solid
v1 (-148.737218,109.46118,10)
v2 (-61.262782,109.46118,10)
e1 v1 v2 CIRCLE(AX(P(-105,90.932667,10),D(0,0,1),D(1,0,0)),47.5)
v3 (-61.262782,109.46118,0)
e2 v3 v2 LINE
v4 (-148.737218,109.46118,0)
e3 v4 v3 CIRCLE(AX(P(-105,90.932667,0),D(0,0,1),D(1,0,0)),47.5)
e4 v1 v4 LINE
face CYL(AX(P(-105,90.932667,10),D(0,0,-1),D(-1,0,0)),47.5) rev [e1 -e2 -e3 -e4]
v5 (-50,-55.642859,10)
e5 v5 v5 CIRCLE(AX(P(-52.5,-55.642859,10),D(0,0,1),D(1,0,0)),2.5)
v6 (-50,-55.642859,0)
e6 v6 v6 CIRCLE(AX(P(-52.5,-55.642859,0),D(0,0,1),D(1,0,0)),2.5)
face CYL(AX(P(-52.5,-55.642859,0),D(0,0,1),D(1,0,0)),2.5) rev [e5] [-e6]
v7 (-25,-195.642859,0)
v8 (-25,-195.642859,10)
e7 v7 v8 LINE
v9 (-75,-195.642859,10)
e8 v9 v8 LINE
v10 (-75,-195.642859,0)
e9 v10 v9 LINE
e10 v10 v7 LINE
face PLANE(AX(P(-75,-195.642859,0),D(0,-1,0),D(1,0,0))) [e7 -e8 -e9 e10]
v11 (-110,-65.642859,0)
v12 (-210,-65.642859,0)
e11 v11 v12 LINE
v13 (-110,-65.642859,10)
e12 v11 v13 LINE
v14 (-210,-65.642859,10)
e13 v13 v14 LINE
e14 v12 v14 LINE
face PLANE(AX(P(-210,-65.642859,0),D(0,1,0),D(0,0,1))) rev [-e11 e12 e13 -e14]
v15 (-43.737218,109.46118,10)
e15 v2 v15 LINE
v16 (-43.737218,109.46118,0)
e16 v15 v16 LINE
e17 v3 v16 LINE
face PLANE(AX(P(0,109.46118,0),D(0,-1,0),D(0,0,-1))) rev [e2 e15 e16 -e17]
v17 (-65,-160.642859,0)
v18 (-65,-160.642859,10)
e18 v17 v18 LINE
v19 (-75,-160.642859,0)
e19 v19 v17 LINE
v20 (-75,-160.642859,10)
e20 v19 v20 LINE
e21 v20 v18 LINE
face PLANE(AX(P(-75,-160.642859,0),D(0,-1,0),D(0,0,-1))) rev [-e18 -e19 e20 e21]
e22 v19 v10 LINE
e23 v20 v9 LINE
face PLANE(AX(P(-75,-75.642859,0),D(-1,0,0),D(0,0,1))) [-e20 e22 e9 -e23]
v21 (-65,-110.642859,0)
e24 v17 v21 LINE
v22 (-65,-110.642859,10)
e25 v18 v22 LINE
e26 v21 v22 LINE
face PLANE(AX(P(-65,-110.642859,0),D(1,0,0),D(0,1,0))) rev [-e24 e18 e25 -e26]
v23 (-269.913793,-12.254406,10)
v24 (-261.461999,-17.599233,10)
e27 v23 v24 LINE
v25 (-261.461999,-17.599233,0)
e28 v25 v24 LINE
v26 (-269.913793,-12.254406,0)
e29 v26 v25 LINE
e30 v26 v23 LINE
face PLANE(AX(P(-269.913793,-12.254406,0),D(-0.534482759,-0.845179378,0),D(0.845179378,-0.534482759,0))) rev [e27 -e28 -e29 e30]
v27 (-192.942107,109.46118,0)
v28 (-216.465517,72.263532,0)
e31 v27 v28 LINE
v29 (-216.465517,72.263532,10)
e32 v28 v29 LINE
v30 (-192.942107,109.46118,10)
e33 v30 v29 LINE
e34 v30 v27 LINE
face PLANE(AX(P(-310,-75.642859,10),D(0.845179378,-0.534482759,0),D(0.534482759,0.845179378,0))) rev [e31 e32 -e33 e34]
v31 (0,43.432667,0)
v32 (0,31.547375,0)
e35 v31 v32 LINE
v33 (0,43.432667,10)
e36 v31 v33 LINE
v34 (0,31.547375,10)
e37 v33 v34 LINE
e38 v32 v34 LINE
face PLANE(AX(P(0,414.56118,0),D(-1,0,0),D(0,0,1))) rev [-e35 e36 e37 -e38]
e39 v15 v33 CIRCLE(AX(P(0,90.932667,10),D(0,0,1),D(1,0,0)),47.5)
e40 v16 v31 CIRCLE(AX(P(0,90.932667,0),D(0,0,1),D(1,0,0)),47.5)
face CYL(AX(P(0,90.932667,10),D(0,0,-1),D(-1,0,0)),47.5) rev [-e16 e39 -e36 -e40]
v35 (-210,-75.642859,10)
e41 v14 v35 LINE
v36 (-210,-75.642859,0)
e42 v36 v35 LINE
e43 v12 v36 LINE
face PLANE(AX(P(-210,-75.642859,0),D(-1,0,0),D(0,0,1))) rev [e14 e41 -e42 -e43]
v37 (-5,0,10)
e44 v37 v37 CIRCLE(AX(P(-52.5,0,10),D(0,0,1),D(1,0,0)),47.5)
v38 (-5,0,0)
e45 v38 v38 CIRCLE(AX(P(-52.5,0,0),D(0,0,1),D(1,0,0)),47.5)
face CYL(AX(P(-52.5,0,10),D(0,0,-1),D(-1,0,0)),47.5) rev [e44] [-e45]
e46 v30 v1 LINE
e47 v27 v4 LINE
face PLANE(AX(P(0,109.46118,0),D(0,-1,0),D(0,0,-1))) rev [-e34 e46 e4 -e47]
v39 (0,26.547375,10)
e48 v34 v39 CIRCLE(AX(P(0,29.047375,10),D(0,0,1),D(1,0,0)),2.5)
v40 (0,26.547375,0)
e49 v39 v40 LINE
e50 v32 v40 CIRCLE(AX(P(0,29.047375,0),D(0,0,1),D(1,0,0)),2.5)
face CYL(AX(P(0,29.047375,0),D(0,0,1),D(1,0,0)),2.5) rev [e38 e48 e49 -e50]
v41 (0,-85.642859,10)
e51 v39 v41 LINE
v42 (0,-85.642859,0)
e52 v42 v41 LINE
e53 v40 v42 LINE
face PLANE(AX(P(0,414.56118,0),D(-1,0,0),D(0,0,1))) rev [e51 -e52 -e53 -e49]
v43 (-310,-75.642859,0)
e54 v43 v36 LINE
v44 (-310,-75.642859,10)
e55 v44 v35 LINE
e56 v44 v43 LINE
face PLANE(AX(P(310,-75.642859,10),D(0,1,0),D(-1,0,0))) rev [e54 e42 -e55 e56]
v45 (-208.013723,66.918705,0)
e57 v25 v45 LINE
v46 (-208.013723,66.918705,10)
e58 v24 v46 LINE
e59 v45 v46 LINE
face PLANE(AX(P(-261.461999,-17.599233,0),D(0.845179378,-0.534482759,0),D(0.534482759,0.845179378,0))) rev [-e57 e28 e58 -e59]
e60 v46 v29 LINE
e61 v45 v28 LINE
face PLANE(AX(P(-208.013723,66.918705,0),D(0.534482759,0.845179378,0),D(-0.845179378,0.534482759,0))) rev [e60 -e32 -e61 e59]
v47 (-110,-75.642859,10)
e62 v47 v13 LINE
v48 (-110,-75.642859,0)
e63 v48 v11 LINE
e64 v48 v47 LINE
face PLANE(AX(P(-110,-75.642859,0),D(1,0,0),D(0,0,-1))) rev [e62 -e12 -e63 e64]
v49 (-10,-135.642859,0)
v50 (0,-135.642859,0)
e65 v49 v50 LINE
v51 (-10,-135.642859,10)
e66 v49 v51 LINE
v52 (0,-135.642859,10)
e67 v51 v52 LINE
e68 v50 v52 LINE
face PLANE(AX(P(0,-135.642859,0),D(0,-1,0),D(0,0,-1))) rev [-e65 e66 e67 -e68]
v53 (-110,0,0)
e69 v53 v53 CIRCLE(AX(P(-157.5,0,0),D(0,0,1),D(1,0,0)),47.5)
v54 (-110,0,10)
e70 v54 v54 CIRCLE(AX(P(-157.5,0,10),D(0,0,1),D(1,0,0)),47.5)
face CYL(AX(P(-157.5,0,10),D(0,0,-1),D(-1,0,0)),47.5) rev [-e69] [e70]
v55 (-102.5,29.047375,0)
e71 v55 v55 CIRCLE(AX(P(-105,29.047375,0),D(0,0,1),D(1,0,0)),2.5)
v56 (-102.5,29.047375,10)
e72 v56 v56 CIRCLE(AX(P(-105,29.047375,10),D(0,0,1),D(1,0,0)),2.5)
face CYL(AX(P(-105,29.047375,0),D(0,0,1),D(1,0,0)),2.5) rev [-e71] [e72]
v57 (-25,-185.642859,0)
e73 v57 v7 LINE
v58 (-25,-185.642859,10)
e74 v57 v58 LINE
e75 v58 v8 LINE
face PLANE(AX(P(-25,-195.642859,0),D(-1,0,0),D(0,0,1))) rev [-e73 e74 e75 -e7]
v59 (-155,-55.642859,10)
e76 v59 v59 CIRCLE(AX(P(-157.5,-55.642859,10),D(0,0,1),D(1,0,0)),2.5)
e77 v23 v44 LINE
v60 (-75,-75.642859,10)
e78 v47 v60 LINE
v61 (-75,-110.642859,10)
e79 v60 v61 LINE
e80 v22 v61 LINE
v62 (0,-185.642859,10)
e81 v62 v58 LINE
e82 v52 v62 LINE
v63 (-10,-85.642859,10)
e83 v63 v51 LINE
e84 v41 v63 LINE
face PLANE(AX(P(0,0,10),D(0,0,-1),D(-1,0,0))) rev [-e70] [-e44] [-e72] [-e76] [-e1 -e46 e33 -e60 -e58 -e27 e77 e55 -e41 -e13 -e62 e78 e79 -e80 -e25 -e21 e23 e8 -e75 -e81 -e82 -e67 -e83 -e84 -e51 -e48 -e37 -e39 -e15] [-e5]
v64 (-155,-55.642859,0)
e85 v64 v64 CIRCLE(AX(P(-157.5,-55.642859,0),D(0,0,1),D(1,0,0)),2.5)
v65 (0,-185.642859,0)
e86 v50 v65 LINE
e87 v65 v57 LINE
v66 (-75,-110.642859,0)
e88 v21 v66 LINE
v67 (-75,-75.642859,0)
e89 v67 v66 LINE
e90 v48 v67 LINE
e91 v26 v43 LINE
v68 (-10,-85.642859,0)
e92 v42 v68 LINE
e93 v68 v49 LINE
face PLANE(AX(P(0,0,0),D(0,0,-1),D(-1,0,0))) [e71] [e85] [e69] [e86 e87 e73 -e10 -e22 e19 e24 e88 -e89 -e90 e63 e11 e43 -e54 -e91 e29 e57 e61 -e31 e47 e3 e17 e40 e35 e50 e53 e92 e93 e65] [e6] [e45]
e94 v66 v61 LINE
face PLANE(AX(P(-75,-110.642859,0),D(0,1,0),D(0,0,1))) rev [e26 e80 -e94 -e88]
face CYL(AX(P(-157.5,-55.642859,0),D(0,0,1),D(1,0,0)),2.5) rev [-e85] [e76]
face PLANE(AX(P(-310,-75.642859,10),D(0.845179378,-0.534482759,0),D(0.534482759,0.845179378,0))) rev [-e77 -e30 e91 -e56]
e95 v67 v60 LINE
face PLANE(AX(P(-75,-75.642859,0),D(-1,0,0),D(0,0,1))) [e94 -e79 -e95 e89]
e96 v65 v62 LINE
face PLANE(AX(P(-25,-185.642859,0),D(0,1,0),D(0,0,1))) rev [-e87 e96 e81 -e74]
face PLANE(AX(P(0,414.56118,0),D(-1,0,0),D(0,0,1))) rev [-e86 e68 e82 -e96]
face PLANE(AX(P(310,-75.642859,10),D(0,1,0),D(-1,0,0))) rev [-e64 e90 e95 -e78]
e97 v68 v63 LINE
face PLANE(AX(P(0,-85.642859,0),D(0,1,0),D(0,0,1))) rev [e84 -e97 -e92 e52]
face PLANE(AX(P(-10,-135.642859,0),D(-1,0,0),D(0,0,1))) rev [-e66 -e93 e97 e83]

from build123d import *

# Parameters (mm, degrees)
ESQUISSE1_R             = 47.5
BOSS_EXTRU_1_DEPTH      = 10
ESQUISSE3_W             = 100
ESQUISSE3_H             = 10
ENL_V_MAT_EXTRU_1_DEPTH = 11
ESQUISSE4_R             = 2.5
ENL_V_MAT_EXTRU_2_DEPTH = 11
ESQUISSE6_W             = 150
ESQUISSE6_H             = 120
BOSS_EXTRU_2_DEPTH      = 10
ESQUISSE7_W             = 10
ESQUISSE7_H             = 50
ESQUISSE7_W_2           = 50
ESQUISSE7_H_2           = 10
ENL_V_MAT_EXTRU_3_DEPTH = 10
ESQUISSE9_W             = 316.248151929
ESQUISSE9_H             = 610.204039151
ENL_V_MAT_EXTRU_4_DEPTH = 10
ESQUISSE10_W            = 334.898216685
ESQUISSE10_H            = 314.009507296
ENL_V_MAT_EXTRU_6_DEPTH = 10
ESQUISSE11_W            = 10
ESQUISSE11_H            = 50
ENL_V_MAT_EXTRU_7_DEPTH = 10


with BuildPart() as part:
    # Esquisse1 → Boss.-Extru.1 (new body)
    with BuildSketch(Plane.XY):
        Polygon((-310, -75.642859016), (0, 414.561180135), (310, -75.642859016), align=None)
        with Locations((-157.5, 0)):
            Circle(ESQUISSE1_R, mode=Mode.SUBTRACT)
        with Locations((-52.5, 0)):
            Circle(ESQUISSE1_R, mode=Mode.SUBTRACT)
        with Locations((52.5, 0)):
            Circle(ESQUISSE1_R, mode=Mode.SUBTRACT)
        with Locations((157.5, 0)):
            Circle(ESQUISSE1_R, mode=Mode.SUBTRACT)
        with Locations((-105, 90.932667397)):
            Circle(ESQUISSE1_R, mode=Mode.SUBTRACT)
        with Locations((0, 90.932667397)):
            Circle(ESQUISSE1_R, mode=Mode.SUBTRACT)
        with Locations((105, 90.932667397)):
            Circle(ESQUISSE1_R, mode=Mode.SUBTRACT)
        with Locations((-52.5, 181.865334795)):
            Circle(ESQUISSE1_R, mode=Mode.SUBTRACT)
        with Locations((52.5, 181.865334795)):
            Circle(ESQUISSE1_R, mode=Mode.SUBTRACT)
        with Locations((0, 272.798002192)):
            Circle(ESQUISSE1_R, mode=Mode.SUBTRACT)
    extrude(amount=BOSS_EXTRU_1_DEPTH)

    # Esquisse3 → Enlèv. mat.-Extru.1 (cut, through all)
    with BuildSketch(Plane.XY.offset(10)):
        Polygon((-269.913793103, -12.254405678), (-261.461999325, -17.599233264), (-208.013723463, 66.918704521), (-216.465517241, 72.263532107), align=None)
        Polygon((-181.724137931, 127.200191667), (-173.272344153, 121.855364081), (-119.82406829, 206.373301865), (-128.275862069, 211.718129452), align=None)
        Polygon((-93.534482759, 266.654789012), (-85.08268898, 261.309961425), (-31.634413118, 345.82789921), (-40.086206897, 351.172726796), align=None)
        Polygon((269.913793103, -12.254405678), (261.461999325, -17.599233264), (208.013723463, 66.918704521), (216.465517241, 72.263532107), align=None)
        Polygon((181.724137931, 127.200191667), (173.272344153, 121.855364081), (119.82406829, 206.373301865), (128.275862069, 211.718129452), align=None)
        Polygon((93.534482759, 266.654789012), (85.08268898, 261.309961425), (31.634413118, 345.82789921), (40.086206897, 351.172726796), align=None)
        with Locations((-160, -70.642859016)):
            Rectangle(ESQUISSE3_W, ESQUISSE3_H)
        with Locations((160, -70.642859016)):
            Rectangle(ESQUISSE3_W, ESQUISSE3_H)
    extrude(amount=-ENL_V_MAT_EXTRU_1_DEPTH, mode=Mode.SUBTRACT)

    # Esquisse4 → Enlèv. mat.-Extru.2 (cut, through all)
    with BuildSketch(Plane.XY.offset(10)):
        with Locations((-157.5, -55.642859016)):
            Circle(ESQUISSE4_R)
        with Locations((-52.5, -55.642859016)):
            Circle(ESQUISSE4_R)
        with Locations((52.5, -55.642859016)):
            Circle(ESQUISSE4_R)
        with Locations((157.5, -55.642859016)):
            Circle(ESQUISSE4_R)
        with Locations((-105, 29.047375097)):
            Circle(ESQUISSE4_R)
        with Locations((0, 29.047375097)):
            Circle(ESQUISSE4_R)
        with Locations((105, 29.047375097)):
            Circle(ESQUISSE4_R)
        with Locations((-52.5, 119.980042494)):
            Circle(ESQUISSE4_R)
        with Locations((52.5, 119.980042494)):
            Circle(ESQUISSE4_R)
        with Locations((0, 210.912709891)):
            Circle(ESQUISSE4_R)
    extrude(amount=-ENL_V_MAT_EXTRU_2_DEPTH, mode=Mode.SUBTRACT)

    # Esquisse6 → Boss.-Extru.2 (add)
    with BuildSketch(Plane.XY.offset(10)):
        with Locations((0, -135.642859016)):
            Rectangle(ESQUISSE6_W, ESQUISSE6_H)
    extrude(amount=-BOSS_EXTRU_2_DEPTH)

    # Esquisse7 → Enlèv. mat.-Extru.3 (cut)
    with BuildSketch(Plane.XY.offset(10)):
        with Locations((-70, -135.642859016)):
            Rectangle(ESQUISSE7_W, ESQUISSE7_H)
        with Locations((0, -190.642859016)):
            Rectangle(ESQUISSE7_W_2, ESQUISSE7_H_2)
        with Locations((70, -135.642859016)):
            Rectangle(ESQUISSE7_W, ESQUISSE7_H)
    extrude(amount=-ENL_V_MAT_EXTRU_3_DEPTH, mode=Mode.SUBTRACT)

    # Esquisse9 → Enlèv. mat.-Extru.4 (cut)
    with BuildSketch(Plane.XY.offset(10)):
        with Locations((158.124075965, 109.45916056)):
            Rectangle(ESQUISSE9_W, ESQUISSE9_H)
    extrude(amount=-ENL_V_MAT_EXTRU_4_DEPTH, mode=Mode.SUBTRACT)

    # Esquisse10 → Enlèv. mat.-Extru.6 (cut)
    with BuildSketch(Plane.XY.offset(10)):
        with Locations((-167.449108343, 266.465933783)):
            Rectangle(ESQUISSE10_W, ESQUISSE10_H)
    extrude(amount=-ENL_V_MAT_EXTRU_6_DEPTH, mode=Mode.SUBTRACT)

    # Esquisse11 → Enlèv. mat.-Extru.7 (cut)
    with BuildSketch(Plane.XY.offset(10)):
        with Locations((-5, -110.642859016)):
            Rectangle(ESQUISSE11_W, ESQUISSE11_H)
    extrude(amount=-ENL_V_MAT_EXTRU_7_DEPTH, mode=Mode.SUBTRACT)


solid = part.part
